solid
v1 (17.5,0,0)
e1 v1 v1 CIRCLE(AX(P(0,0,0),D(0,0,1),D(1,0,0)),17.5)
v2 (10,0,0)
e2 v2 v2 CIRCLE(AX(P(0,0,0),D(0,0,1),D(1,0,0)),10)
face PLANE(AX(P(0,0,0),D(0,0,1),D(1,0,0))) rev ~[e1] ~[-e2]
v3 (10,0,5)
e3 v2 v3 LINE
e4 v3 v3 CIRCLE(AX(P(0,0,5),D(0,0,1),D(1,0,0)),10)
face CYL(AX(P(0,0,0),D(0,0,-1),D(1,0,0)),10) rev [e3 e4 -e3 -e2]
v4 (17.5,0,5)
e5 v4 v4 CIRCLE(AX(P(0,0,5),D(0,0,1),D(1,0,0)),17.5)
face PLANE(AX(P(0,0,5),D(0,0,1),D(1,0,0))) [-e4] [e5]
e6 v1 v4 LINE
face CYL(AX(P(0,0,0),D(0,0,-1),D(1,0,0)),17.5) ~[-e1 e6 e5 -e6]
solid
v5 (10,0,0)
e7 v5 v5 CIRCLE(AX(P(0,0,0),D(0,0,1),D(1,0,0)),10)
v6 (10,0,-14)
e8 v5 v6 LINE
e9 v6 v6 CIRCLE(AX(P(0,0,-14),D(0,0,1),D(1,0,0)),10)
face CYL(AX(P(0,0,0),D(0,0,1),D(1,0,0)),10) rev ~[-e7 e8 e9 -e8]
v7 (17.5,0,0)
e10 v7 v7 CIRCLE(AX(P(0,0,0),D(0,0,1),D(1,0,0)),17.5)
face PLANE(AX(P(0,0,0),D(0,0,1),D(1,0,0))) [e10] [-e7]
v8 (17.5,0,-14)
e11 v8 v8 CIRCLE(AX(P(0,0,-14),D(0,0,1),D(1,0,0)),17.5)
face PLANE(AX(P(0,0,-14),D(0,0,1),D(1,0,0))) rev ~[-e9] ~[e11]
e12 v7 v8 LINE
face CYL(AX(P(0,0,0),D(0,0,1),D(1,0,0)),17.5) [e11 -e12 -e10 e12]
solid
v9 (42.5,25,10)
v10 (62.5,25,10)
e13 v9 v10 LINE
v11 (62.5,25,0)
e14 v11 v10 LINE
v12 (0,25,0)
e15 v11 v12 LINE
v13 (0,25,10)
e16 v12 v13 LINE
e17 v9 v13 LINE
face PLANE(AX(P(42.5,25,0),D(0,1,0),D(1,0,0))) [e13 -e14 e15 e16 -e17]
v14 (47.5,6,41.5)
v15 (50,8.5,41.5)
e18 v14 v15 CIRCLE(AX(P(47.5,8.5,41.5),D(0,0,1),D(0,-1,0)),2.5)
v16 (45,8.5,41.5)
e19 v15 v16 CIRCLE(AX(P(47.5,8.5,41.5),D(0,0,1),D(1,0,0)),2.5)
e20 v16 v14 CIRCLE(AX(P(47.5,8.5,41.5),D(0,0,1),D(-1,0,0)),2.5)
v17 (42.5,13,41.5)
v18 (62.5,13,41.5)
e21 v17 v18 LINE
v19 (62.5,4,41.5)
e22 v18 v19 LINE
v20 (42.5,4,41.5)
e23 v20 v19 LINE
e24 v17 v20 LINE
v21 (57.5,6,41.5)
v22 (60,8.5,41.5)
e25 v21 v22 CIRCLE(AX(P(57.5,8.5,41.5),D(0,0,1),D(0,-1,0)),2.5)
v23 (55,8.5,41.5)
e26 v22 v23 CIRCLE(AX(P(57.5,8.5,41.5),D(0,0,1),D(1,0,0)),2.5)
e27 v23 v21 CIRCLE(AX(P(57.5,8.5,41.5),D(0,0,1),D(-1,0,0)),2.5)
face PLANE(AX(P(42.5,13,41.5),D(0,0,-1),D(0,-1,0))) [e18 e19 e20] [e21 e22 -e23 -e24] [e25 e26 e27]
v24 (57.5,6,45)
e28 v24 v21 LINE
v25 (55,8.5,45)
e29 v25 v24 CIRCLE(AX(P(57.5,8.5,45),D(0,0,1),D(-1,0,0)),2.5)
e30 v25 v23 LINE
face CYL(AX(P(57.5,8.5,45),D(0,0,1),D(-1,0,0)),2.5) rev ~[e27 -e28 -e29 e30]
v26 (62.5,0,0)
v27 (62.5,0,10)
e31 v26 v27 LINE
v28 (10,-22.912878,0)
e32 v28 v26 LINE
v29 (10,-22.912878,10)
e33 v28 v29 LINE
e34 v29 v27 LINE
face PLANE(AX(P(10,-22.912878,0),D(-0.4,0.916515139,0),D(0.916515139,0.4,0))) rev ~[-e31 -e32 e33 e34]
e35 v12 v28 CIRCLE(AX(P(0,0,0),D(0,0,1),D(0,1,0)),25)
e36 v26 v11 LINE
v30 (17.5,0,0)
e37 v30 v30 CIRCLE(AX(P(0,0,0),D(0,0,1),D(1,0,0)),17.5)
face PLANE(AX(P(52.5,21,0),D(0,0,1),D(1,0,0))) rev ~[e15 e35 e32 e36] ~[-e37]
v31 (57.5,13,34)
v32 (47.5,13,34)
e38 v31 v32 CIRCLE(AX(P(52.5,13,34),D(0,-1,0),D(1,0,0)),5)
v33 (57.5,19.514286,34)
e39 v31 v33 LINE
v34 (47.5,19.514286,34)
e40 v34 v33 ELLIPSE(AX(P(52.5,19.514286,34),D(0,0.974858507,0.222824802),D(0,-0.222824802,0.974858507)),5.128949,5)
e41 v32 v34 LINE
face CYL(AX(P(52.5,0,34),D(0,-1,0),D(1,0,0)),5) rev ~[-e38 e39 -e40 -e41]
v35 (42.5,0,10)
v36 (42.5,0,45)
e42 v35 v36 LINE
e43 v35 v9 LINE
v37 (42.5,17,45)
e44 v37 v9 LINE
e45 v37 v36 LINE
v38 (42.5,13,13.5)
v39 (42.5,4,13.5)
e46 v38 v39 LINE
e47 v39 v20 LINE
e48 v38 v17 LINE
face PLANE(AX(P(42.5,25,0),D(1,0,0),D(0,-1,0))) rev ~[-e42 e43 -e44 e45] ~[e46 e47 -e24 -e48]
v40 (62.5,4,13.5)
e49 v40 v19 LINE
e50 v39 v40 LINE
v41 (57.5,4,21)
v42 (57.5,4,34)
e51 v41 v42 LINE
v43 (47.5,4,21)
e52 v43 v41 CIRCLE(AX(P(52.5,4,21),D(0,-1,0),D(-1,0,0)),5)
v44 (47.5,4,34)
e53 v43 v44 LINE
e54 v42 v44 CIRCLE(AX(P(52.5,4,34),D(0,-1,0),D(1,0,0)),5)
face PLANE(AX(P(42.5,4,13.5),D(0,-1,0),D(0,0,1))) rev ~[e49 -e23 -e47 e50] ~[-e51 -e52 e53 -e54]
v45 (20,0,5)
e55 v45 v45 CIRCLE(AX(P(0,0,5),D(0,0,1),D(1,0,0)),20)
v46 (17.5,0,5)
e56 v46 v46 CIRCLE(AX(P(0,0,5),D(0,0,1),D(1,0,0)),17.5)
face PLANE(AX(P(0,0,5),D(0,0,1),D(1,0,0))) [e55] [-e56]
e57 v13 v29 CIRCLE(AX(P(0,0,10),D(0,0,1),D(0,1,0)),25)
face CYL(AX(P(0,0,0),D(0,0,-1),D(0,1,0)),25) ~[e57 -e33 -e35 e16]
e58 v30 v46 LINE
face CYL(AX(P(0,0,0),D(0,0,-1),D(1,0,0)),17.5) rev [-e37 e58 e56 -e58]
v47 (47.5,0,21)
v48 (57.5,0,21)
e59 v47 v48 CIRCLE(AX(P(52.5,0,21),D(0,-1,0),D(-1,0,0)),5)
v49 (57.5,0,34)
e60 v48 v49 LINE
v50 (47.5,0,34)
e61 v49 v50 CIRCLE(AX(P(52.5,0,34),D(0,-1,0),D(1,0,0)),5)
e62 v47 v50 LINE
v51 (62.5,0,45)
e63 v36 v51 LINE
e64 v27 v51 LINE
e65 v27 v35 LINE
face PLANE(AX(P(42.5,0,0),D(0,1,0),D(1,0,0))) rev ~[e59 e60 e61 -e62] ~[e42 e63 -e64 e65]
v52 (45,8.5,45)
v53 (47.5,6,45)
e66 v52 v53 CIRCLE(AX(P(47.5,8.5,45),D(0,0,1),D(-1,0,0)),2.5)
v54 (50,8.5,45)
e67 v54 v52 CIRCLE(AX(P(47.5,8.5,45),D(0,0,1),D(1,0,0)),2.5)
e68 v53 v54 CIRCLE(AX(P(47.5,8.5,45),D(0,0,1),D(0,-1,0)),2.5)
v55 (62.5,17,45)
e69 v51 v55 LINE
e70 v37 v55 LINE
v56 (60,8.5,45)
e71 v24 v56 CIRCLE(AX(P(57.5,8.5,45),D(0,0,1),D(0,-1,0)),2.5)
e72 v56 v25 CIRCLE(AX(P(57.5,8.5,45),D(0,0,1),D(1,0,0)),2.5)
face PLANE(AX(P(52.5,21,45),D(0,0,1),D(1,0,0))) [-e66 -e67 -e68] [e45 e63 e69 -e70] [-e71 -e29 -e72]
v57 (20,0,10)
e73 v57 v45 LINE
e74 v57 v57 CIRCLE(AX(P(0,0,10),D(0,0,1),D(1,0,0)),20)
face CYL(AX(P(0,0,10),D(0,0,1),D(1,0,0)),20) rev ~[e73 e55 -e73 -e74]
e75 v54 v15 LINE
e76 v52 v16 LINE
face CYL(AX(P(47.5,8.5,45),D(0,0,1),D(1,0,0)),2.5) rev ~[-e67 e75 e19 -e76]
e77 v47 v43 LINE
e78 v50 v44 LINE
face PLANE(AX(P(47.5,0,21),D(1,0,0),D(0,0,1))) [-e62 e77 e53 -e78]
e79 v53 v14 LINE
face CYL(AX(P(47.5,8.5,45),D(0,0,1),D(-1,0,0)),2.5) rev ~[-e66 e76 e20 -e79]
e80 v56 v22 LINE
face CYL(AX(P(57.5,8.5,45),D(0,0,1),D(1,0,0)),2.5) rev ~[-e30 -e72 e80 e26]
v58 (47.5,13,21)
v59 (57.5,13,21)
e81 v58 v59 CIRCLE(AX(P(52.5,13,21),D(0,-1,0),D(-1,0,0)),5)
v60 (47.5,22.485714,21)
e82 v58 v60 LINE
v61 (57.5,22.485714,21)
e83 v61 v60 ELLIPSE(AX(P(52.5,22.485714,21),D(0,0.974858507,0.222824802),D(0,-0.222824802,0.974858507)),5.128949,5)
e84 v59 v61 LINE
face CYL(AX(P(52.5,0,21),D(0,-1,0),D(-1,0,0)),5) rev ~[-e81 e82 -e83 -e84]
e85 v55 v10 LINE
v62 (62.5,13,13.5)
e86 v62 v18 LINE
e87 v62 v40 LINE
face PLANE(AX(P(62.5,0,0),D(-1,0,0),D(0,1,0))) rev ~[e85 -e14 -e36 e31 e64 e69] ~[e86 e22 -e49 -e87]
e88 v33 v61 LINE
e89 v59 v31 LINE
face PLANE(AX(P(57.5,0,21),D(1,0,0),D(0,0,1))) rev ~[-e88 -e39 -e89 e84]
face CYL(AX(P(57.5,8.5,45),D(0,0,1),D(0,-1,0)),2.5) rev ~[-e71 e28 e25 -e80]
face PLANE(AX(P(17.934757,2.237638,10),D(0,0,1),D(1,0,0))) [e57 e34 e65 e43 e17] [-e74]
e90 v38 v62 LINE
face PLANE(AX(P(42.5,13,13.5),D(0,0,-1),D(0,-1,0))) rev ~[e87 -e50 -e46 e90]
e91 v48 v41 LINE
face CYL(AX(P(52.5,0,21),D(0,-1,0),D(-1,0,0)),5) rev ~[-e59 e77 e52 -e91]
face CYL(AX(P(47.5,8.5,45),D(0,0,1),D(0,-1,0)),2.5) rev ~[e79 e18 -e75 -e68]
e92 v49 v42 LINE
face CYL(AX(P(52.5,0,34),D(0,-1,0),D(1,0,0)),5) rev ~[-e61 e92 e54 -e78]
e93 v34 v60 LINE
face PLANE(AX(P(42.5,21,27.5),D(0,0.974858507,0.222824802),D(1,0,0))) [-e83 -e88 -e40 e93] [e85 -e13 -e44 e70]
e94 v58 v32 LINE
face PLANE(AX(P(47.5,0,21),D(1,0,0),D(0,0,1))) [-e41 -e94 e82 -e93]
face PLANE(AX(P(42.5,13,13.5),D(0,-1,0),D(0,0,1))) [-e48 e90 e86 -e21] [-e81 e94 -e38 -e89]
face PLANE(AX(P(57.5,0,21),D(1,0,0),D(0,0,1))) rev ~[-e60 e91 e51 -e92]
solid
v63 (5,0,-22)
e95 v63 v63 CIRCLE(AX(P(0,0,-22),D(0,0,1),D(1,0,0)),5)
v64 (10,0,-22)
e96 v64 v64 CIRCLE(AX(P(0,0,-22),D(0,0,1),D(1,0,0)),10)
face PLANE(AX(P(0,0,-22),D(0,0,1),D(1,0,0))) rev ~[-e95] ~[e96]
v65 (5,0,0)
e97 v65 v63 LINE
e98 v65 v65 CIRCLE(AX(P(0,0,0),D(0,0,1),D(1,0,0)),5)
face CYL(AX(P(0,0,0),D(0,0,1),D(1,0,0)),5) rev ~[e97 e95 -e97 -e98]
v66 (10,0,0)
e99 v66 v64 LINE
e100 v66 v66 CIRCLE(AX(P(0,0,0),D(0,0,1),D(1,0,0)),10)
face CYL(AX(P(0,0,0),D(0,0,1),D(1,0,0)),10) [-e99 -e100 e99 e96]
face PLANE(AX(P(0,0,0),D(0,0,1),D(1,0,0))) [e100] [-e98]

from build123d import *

# Parameters (mm, degrees)
F0_R      = 20
F0_R_2    = 17.5
F1_DEPTH  = 10
F0_W      = 20
F0_H      = 8
F0_H_2    = 17
F2_DEPTH  = 45
F0_R_3    = 10
F0_R_4    = 5
F3_DEPTH  = 22
F5_SIZE2  = 35
F5_SIZE   = 8
F6_W      = 9
F6_H      = 28
F7_DEPTH  = 30
F8_W      = 10
F8_H      = 13
F9_DEPTH  = 26
F10_DEPTH = 25
F11_R     = 20
F11_R_2   = 17.5
F12_DEPTH = 5
F13_DEPTH = 14
F14_DEPTH = 5


with BuildPart() as f1:
    # F0 (on Top) → F1 (new body)
    with BuildSketch(Plane.XY):
        with BuildLine():
            Line((42.5, 25), (0, 25))
            ThreePointArc((0, 25), (-24.4726578233, -5.1077410922), (10, -22.9128784748))
            Line((10, -22.9128784748), (62.5, 0))
            Line((62.5, 0), (42.5, 0))
            Line((42.5, 0), (42.5, 17))
            Line((42.5, 17), (42.5, 25))
        make_face()
        Circle(F0_R, mode=Mode.SUBTRACT)
        Circle(F0_R)
        Circle(F0_R_2, mode=Mode.SUBTRACT)
    extrude(amount=F1_DEPTH)

    # F0 (on Top) → F2 (join)
    with BuildSketch(Plane.XY):
        with Locations((52.5, 21)):
            Rectangle(F0_W, F0_H)
        with Locations((52.5, 8.5)):
            Rectangle(F0_W, F0_H_2)
    extrude(amount=F2_DEPTH)

    # F5
    f5_edges = [f1.edges().sort_by_distance(p)[0] for p in [
        (52.5, 25, 45),
    ]]
    f5_side = f1.faces().sort_by_distance((52.5, 12.5, 45))[0]
    chamfer(f5_edges, length=F5_SIZE, length2=F5_SIZE2, reference=f5_side)

    # F6 (on face) → F7 (cut)
    with BuildSketch(Plane(origin=(42.5, 0, 0), x_dir=(0, -1, 0), z_dir=(-1, 0, 0))):
        with Locations((-8.5, 27.5)):
            Rectangle(F6_W, F6_H)
    extrude(amount=-F7_DEPTH, mode=Mode.SUBTRACT)

    # F8 (on face) → F9 (cut)
    with BuildSketch(Plane.XZ):
        with BuildLine():
            Line((47.5, 34), (57.5, 34))
            ThreePointArc((57.5, 34), (52.5, 39), (47.5, 34))
        make_face()
        with Locations((52.5, 27.5)):
            Rectangle(F8_W, F8_H)
        with BuildLine():
            ThreePointArc((47.5, 21), (52.5, 16), (57.5, 21))
            Line((57.5, 21), (47.5, 21))
        make_face()
    extrude(amount=-F9_DEPTH, mode=Mode.SUBTRACT)

    # F4 (on face) → F10 (cut)
    with BuildSketch(Plane.XY.offset(45)):
        with BuildLine():
            Line((47.5, 8.5), (50, 8.5))
            ThreePointArc((50, 8.5), (47.5, 11), (45, 8.5))
            Line((45, 8.5), (47.5, 8.5))
        make_face()
        with BuildLine():
            ThreePointArc((45, 8.5), (45.732233047, 6.732233047), (47.5, 6))
            Line((47.5, 6), (47.5, 8.5))
            Line((47.5, 8.5), (45, 8.5))
        make_face()
        with BuildLine():
            Line((47.5, 8.5), (47.5, 6))
            ThreePointArc((47.5, 6), (49.267766953, 6.732233047), (50, 8.5))
            Line((50, 8.5), (47.5, 8.5))
        make_face()
        with BuildLine():
            Line((57.5, 8.5), (60, 8.5))
            ThreePointArc((60, 8.5), (57.5, 11), (55, 8.5))
            Line((55, 8.5), (57.5, 8.5))
        make_face()
        with BuildLine():
            ThreePointArc((55, 8.5), (55.732233047, 6.732233047), (57.5, 6))
            Line((57.5, 6), (57.5, 8.5))
            Line((57.5, 8.5), (55, 8.5))
        make_face()
        with BuildLine():
            ThreePointArc((57.5, 6), (59.267766953, 6.732233047), (60, 8.5))
            Line((60, 8.5), (57.5, 8.5))
            Line((57.5, 8.5), (57.5, 6))
        make_face()
    extrude(amount=-F10_DEPTH, mode=Mode.SUBTRACT)

    # F11 (on face) → F12 (cut)
    with BuildSketch(Plane.XY.offset(10)):
        Circle(F11_R)
        Circle(F11_R_2, mode=Mode.SUBTRACT)
    extrude(amount=-F12_DEPTH, mode=Mode.SUBTRACT)


with BuildPart() as f3:
    # F0 (on Top) → F3 (new body)
    with BuildSketch(Plane.XY):
        Circle(F0_R_3)
        Circle(F0_R_4, mode=Mode.SUBTRACT)
    extrude(amount=-F3_DEPTH)


with BuildPart() as f13:
    # F0 (on Top) → F13 (new body)
    with BuildSketch(Plane.XY):
        Circle(F0_R_2)
        Circle(F0_R_3, mode=Mode.SUBTRACT)
    extrude(amount=-F13_DEPTH)


with BuildPart() as f14:
    # F0 (on Top) → F14 (new body)
    with BuildSketch(Plane.XY):
        Circle(F0_R_2)
        Circle(F0_R_3, mode=Mode.SUBTRACT)
    extrude(amount=F14_DEPTH)


solid = Compound([f1.part, f3.part, f13.part, f14.part])
